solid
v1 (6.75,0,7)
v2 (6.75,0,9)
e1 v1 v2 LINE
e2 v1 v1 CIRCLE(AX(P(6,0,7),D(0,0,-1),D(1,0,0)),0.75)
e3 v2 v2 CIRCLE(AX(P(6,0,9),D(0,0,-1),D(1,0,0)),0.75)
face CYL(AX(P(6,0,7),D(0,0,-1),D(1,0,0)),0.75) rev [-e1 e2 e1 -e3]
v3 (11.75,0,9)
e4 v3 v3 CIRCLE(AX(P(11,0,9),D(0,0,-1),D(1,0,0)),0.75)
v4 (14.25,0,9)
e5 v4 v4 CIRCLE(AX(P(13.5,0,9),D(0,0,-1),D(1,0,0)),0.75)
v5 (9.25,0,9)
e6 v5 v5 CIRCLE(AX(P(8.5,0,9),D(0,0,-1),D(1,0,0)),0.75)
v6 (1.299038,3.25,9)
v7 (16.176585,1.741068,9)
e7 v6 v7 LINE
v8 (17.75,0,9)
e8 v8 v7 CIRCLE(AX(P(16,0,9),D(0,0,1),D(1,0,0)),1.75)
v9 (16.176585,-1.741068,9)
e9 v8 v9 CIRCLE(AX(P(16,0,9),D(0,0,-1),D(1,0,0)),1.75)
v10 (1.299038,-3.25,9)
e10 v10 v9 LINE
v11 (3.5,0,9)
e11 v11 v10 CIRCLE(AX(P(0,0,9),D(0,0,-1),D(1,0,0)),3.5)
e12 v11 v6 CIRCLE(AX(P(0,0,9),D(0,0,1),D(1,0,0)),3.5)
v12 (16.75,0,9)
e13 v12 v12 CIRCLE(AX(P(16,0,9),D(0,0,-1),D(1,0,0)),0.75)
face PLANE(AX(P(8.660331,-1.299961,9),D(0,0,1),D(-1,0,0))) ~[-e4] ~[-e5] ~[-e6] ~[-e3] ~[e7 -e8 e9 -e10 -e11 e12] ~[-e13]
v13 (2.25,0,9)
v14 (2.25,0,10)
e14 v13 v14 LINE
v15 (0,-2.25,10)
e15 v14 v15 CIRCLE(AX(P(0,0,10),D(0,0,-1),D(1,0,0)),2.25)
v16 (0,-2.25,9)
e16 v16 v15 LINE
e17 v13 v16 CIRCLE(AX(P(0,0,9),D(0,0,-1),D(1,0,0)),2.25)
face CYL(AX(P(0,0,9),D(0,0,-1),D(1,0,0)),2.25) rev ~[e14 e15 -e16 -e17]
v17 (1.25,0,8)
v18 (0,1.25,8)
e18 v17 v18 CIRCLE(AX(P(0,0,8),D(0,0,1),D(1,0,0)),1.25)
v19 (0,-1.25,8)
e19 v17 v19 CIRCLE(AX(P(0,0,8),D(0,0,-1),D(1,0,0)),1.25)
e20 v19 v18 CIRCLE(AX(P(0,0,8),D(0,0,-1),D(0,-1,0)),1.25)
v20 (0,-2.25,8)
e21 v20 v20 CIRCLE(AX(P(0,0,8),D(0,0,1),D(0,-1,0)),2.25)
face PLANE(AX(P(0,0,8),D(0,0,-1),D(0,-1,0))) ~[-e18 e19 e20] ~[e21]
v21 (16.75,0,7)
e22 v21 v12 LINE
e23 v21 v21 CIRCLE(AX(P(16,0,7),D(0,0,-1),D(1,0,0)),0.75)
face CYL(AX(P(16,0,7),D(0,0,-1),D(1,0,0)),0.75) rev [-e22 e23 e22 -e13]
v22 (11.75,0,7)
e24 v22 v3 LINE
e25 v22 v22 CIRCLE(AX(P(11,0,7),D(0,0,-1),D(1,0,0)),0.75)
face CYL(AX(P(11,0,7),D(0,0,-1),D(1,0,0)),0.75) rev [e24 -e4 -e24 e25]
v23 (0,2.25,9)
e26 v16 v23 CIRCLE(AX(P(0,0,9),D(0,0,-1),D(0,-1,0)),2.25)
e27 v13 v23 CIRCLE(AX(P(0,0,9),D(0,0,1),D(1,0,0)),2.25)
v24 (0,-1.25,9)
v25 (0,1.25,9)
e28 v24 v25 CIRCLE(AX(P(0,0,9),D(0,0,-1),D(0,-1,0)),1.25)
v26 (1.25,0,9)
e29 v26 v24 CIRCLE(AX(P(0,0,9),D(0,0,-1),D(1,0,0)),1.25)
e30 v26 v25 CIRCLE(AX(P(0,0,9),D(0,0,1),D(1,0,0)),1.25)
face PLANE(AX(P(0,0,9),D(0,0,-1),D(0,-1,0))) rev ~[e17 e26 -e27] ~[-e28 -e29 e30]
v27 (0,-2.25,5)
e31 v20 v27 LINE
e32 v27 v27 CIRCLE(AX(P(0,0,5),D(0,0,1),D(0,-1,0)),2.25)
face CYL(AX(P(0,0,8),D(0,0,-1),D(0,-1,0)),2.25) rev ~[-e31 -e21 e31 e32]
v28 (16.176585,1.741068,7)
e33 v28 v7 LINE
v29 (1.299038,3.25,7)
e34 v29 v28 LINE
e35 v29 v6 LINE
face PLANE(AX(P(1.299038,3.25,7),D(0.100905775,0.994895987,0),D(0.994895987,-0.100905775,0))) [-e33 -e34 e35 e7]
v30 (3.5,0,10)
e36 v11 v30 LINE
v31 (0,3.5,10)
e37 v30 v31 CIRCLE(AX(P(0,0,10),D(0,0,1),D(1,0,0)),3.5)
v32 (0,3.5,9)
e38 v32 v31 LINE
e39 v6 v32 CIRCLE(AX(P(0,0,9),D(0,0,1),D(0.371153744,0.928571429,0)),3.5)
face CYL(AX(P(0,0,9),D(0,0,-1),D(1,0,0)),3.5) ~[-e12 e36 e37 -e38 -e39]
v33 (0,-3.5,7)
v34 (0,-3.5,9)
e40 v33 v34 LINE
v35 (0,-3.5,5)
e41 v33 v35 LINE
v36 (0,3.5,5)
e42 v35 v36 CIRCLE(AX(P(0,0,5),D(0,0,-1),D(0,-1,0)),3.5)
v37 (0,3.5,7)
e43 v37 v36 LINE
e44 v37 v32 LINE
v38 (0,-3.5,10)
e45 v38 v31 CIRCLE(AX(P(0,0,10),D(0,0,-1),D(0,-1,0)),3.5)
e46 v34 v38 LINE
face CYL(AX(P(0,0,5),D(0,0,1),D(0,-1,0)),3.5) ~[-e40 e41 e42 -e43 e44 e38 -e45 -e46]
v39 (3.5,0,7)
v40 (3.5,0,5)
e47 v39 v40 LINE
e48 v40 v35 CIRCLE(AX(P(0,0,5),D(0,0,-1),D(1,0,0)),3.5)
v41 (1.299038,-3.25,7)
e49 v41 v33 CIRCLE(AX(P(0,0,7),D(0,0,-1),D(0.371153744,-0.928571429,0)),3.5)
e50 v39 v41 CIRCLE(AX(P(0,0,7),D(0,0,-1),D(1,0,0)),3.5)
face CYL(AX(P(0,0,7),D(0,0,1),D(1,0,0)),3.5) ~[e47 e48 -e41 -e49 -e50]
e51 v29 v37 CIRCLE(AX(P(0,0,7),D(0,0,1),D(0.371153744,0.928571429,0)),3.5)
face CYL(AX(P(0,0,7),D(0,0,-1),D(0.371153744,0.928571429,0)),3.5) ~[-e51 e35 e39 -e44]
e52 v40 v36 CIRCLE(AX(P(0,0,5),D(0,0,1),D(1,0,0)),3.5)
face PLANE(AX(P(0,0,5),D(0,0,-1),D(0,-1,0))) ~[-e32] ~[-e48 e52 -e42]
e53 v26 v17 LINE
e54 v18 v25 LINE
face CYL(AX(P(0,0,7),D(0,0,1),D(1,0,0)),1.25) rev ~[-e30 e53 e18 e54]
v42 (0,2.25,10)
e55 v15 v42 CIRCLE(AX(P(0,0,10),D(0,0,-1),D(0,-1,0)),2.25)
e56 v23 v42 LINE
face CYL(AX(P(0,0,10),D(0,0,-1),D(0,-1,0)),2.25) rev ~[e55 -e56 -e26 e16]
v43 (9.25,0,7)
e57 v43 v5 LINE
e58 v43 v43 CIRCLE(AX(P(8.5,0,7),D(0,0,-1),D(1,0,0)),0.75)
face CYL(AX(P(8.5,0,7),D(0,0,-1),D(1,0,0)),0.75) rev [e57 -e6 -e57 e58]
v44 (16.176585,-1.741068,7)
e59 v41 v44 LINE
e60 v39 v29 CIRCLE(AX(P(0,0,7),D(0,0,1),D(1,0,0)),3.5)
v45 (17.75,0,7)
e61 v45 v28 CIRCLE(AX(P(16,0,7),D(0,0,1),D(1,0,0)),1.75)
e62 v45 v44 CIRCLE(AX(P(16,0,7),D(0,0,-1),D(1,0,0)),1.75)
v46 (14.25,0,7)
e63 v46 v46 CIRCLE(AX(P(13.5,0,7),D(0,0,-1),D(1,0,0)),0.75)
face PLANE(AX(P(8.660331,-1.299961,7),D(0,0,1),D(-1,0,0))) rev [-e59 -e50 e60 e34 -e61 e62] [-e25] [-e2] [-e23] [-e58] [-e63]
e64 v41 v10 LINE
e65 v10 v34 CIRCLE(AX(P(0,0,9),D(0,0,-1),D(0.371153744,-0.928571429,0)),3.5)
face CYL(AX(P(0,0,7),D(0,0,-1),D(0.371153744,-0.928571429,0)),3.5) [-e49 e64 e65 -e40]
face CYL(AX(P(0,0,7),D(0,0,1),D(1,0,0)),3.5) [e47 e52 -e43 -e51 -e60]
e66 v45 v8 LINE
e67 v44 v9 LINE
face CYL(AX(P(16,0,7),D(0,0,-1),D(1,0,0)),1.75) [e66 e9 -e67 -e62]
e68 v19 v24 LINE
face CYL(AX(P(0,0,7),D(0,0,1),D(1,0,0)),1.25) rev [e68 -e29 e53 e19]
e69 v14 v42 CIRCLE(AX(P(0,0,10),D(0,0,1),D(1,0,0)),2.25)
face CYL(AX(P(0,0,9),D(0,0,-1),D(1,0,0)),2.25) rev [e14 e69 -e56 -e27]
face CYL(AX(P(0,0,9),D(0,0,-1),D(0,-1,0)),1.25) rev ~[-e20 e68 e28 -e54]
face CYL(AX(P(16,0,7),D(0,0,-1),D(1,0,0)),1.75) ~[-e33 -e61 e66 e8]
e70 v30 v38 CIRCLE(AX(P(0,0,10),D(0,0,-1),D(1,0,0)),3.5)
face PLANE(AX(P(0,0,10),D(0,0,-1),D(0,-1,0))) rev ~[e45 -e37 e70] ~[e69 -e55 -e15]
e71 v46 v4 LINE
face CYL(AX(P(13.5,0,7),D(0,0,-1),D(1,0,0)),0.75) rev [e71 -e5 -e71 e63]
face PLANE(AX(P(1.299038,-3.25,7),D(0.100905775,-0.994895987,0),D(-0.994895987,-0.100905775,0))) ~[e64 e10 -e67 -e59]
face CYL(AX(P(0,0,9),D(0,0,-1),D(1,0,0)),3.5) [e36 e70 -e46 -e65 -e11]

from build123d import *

# Parameters (mm, degrees)
PAD004_DEPTH     = 2
PAD024_DEPTH     = 1
PAD025_DEPTH     = 2
SKETCH009_R      = 2.25
POCKET023_DEPTH  = 3
REVOLUTION_ANGLE = -180


with BuildPart() as part:
    # Sketch046 → Pad004 (new body)
    with BuildSketch(Plane.XY):
        with BuildLine():
            ThreePointArc((1.2990381057, 3.25), (0.6614378278, 3.4369317712), (0, 3.5))
            Line((0, 3.5), (0, 1.25))
            ThreePointArc((1.25, 0), (0.8838834765, 0.8838834765), (0, 1.25))
            Line((1.25, 0), (5.25, 0))
            ThreePointArc((6.75, 0), (6, 0.75), (5.25, 0))
            Line((6.75, 0), (7.75, 0))
            ThreePointArc((9.25, 0), (8.5, 0.75), (7.75, 0))
            Line((9.25, 0), (10.25, 0))
            ThreePointArc((11.75, 0), (11, 0.75), (10.25, 0))
            Line((11.75, 0), (12.75, 0))
            ThreePointArc((14.25, 0), (13.5, 0.75), (12.75, 0))
            Line((14.25, 0), (15.25, 0))
            ThreePointArc((16.75, 0), (16, 0.75), (15.25, 0))
            Line((16.75, 0), (17.75, 0))
            ThreePointArc((17.75, 0), (17.2983689647, 1.1733448051), (16.1765851067, 1.7410679769))
            Line((1.2990381057, 3.25), (16.1765851067, 1.7410679769))
        make_face()
    extrude(amount=PAD004_DEPTH)

    # Sketch047 → Pad024 (join)
    with BuildSketch(Plane.XY.offset(2)):
        with BuildLine():
            ThreePointArc((3.5, 0), (2.4748737342, 2.4748737342), (0, 3.5))
            Line((0, 3.5), (0, 2.25))
            ThreePointArc((2.25, 0), (1.5909902577, 1.5909902577), (0, 2.25))
            Line((2.25, 0), (3.5, 0))
        make_face()
    extrude(amount=PAD024_DEPTH)

    # Sketch048 → Pad025 (join)
    with BuildSketch(Plane.XY):
        with BuildLine():
            ThreePointArc((3.5, 0), (2.4748737342, 2.4748737342), (0, 3.5))
            Line((0, 3.5), (0, 1.25))
            ThreePointArc((1.25, 0), (0.8838834765, 0.8838834765), (0, 1.25))
            Line((3.5, 0), (1.25, 0))
        make_face()
    extrude(amount=-PAD025_DEPTH)

    # Sketch009 → Pocket023 (cut)
    with BuildSketch(Plane.XY.offset(-2)):
        Circle(SKETCH009_R)
    extrude(amount=POCKET023_DEPTH, mode=Mode.SUBTRACT)

    # Mirrored009: part across Sketch009 H_Axis


with BuildPart() as part_1:
    add(part.part)
    add(part.part.mirror(Plane(origin=(0, 0, -2), x_dir=(0, 0, 1), z_dir=(0, 1, 0))))

    # Mirrored009 Face3 → Revolution (revolve)
    with BuildSketch(Plane(origin=(0, -2.7198275862, 0.6379310345), x_dir=(0, 1, 0), z_dir=(-1, 0, 0))):
        Polygon((0.4698275862, 2.6379310345), (-0.7801724138, 2.6379310345), (-0.7801724138, -2.3620689655), (0.4698275862, -2.3620689655), (0.4698275862, -1.3620689655), (1.4698275862, -1.3620689655), (1.4698275862, -0.3620689655), (0.4698275862, -0.3620689655), align=None)
    revolve(axis=Axis((0, 0, 0), (0, 0, 1)), revolution_arc=REVOLUTION_ANGLE)


with BuildPart() as part_2:
    # Body002 placement: moved
    add(part_1.part.moved(Location((0, 0, 7))))


solid = part_2.part
